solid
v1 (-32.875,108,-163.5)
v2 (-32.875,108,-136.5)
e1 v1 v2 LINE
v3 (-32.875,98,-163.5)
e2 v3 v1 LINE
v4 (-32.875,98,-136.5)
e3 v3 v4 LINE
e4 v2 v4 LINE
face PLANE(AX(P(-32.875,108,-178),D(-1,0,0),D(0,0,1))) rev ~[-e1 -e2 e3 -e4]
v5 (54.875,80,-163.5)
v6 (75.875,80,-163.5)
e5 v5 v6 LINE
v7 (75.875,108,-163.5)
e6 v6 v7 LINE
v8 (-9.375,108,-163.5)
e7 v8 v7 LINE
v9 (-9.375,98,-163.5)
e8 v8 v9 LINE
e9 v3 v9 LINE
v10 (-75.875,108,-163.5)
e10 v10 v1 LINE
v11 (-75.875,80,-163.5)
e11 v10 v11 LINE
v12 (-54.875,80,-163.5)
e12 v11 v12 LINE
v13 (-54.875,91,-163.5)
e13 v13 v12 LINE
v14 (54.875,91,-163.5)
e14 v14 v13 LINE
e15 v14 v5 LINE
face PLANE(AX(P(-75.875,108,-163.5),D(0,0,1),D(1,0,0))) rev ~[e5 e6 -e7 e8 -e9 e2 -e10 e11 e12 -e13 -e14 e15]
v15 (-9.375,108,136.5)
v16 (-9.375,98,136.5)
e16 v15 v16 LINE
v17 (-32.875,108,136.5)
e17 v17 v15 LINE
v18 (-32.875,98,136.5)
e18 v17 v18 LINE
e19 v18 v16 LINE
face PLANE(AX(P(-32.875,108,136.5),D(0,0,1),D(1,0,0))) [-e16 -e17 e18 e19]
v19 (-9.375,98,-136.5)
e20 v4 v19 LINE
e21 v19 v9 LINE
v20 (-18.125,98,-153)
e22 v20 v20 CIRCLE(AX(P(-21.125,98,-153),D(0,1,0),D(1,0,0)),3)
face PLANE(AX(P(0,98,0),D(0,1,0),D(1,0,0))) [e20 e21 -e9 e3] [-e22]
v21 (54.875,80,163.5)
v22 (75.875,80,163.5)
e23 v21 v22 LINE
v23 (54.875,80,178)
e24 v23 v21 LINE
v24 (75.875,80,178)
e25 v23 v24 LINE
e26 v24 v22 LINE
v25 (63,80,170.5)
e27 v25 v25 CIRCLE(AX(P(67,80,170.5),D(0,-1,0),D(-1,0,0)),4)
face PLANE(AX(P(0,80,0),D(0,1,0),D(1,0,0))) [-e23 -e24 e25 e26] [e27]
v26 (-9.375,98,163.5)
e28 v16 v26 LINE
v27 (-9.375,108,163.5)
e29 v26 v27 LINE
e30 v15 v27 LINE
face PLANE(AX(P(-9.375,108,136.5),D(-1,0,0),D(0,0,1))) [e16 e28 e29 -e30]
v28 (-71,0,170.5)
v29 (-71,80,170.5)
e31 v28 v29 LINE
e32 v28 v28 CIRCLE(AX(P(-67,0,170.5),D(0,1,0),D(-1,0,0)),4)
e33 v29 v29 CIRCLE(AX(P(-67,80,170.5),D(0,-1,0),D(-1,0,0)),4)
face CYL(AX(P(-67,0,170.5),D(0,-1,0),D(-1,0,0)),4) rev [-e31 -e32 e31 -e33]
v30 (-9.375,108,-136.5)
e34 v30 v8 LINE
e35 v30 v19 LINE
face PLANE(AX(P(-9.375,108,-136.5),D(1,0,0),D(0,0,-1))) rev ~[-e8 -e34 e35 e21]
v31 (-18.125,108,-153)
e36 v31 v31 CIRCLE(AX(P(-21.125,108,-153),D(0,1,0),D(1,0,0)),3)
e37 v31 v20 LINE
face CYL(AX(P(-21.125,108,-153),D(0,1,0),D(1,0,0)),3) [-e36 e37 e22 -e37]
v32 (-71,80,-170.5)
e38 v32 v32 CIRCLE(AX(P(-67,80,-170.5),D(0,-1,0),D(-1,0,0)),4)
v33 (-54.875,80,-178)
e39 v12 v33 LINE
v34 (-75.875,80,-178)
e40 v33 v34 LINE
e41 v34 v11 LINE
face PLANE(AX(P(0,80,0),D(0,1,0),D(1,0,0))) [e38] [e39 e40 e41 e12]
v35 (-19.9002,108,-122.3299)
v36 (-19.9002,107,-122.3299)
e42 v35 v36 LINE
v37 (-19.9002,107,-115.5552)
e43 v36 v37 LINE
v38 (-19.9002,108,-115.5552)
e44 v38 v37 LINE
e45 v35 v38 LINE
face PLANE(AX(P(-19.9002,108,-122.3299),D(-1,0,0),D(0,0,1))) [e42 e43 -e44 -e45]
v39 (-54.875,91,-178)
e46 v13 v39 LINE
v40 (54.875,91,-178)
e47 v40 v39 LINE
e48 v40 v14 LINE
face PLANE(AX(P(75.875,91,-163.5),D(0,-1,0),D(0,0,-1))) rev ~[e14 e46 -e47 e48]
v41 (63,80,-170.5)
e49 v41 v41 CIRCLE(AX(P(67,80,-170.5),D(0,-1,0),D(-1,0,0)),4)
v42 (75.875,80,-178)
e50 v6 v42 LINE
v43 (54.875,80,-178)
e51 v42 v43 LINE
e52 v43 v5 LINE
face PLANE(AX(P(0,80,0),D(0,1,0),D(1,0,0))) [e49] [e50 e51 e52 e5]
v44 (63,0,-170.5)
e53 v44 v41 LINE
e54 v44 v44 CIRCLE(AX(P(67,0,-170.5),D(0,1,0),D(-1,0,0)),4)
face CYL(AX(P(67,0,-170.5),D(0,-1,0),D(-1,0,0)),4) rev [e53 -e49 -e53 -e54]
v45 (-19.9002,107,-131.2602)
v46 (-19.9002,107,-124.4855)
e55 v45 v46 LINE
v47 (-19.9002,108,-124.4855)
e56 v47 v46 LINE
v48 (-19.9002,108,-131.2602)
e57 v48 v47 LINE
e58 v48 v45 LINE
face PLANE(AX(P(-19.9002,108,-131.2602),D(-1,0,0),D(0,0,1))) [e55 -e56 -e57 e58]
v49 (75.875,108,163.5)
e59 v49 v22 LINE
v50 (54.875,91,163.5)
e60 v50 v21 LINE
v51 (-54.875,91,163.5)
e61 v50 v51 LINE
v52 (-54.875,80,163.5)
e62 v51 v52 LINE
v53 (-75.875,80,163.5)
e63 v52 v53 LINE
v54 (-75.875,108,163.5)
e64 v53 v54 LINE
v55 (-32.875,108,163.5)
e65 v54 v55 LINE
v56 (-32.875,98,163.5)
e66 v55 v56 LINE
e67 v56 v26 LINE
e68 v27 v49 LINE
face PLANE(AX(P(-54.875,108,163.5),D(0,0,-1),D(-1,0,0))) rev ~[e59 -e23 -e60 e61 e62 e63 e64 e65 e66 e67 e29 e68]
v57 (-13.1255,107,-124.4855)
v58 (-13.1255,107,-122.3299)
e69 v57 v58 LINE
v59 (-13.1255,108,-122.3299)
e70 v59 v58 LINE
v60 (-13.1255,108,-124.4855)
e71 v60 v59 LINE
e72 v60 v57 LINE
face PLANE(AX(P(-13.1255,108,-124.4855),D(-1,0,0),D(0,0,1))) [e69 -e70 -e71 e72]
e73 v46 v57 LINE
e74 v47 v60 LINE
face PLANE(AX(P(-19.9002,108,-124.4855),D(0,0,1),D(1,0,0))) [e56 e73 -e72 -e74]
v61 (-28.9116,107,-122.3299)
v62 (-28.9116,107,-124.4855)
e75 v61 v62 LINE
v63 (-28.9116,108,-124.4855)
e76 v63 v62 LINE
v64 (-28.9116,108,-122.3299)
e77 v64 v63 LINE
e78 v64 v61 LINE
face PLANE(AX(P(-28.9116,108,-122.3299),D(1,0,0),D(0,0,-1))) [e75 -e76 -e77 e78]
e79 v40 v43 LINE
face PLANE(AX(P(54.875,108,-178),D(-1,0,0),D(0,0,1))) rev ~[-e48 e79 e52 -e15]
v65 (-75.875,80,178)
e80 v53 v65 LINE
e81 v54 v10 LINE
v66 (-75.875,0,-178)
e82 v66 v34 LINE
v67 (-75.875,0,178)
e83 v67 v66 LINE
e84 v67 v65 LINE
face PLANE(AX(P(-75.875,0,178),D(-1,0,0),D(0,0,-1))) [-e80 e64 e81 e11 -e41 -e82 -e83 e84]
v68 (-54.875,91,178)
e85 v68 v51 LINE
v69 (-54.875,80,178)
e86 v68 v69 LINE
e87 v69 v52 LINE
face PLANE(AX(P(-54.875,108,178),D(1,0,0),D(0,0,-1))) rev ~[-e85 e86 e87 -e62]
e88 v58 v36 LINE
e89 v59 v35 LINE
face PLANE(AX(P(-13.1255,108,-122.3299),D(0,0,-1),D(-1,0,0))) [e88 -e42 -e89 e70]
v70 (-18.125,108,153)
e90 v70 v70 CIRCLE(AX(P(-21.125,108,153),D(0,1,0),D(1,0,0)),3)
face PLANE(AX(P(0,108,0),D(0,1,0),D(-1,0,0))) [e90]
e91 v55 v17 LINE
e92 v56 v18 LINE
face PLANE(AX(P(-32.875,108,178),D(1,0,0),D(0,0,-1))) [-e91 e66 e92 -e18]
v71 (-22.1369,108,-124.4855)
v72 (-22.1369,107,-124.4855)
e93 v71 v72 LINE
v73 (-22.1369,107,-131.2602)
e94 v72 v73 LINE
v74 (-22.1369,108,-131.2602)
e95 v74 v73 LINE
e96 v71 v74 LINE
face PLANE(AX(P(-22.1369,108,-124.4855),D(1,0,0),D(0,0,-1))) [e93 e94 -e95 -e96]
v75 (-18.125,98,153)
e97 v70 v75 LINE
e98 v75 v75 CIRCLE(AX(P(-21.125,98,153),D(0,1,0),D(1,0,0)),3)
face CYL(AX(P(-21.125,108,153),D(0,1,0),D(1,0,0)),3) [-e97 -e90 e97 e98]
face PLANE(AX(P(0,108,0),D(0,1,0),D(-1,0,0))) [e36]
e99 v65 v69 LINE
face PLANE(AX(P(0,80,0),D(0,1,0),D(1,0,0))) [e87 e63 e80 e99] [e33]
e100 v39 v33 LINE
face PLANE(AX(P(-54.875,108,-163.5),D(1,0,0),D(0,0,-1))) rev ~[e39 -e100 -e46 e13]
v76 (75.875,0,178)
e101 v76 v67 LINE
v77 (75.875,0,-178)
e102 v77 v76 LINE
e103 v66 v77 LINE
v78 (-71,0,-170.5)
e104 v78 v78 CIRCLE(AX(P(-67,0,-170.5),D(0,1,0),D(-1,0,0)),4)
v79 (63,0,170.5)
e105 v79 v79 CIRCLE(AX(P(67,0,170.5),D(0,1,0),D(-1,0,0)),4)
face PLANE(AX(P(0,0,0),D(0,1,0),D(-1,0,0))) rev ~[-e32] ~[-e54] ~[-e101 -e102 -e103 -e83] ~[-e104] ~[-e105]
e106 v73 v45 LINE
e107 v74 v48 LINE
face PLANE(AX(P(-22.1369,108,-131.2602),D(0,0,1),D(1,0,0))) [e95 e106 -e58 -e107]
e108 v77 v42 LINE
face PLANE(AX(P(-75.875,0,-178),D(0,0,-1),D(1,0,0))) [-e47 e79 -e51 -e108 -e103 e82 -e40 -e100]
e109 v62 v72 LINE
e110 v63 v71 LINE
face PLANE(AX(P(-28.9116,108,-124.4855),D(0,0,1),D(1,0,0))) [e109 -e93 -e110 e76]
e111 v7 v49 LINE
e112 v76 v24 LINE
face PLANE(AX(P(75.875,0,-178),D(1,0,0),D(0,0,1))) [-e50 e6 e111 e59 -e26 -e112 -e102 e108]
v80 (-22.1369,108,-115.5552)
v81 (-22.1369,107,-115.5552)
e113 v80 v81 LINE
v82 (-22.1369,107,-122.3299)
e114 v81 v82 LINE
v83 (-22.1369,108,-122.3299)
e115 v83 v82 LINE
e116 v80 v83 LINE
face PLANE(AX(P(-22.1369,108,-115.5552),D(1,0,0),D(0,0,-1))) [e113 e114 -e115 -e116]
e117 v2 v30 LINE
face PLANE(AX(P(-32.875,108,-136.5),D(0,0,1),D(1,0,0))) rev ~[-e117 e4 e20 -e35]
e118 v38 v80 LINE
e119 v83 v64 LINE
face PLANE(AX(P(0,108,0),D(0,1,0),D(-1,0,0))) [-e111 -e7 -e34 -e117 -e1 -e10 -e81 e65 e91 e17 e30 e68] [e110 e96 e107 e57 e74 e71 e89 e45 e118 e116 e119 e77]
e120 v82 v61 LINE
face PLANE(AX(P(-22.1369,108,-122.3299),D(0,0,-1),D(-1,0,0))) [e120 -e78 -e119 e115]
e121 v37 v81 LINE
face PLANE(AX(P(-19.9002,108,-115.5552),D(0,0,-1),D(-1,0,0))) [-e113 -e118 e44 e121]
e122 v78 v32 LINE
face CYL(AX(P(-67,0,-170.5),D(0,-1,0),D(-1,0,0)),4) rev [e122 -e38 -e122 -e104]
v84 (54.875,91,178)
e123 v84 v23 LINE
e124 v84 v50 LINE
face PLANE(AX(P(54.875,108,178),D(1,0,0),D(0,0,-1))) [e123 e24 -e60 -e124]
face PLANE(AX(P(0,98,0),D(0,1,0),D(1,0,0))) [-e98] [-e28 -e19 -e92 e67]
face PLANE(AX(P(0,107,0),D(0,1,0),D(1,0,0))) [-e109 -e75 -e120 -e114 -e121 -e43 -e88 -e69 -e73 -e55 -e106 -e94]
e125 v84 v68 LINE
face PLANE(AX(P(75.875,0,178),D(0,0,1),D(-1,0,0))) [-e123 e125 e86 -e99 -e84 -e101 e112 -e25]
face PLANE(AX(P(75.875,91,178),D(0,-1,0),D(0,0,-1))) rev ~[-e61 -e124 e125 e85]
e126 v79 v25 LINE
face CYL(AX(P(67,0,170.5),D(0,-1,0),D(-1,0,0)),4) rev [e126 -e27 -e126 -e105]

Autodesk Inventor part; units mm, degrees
ref_plane "YZ Plane" through (0, 0, 0) normal (1, 0, 0) x (0, 1, 0)
ref_plane "XZ Plane" through (0, 0, 0) normal (0, 1, 0) x (-1, 0, 0)
sketch "Sketch1" plane through (0, 0, 0) normal (0, 1, 0) x (-1, 0, 0)
  line L0 (-75.875, 178) -> (75.875, 178)
  line L1 (75.875, 178) -> (75.875, -178)
  line L2 (75.875, -178) -> (-75.875, -178)
  line L3 (-75.875, -178) -> (-75.875, 178)
  line L4 (-75.875, 178) -> (75.875, -178) construction
  line L5 (75.875, 178) -> (-75.875, -178) construction
  circle A0 centre (67, 170.5) radius 4
  circle A1 centre (-67, 170.5) radius 4
  circle A2 centre (-67, -170.5) radius 4
  circle A3 centre (67, -170.5) radius 4
  line L6 (67, 170.5) -> (-67, 170.5) construction
  line L7 (75.875, 178) -> (67, 170.5) construction
  line L8 (-67, 170.5) -> (-75.875, 178) construction
  line L9 (67, -170.5) -> (67, 170.5) construction
  line L10 (67, -170.5) -> (-67, -170.5) construction
  line L11 (-67, -170.5) -> (-75.875, -178) construction
  line L12 (67, -170.5) -> (75.875, -178) construction
  point P0 (0, 0)
  dimension "d0" = 151.75
  dimension "d1" = 356
  dimension "d11" = 8
  dimension "d12" = 134
  dimension "d13" = 7.5
extrude "Extrusion1" add sketch "Sketch1" along normal blind 108
sketch "Sketch2" plane through (0, 108, 0) normal (0, 1, 0) x (1, 0, 0)
  line L0 (-75.875, -178) -> (75.875, -178) projected
  line L1 (75.875, 178) -> (-75.875, 178) projected
  line L2 (-32.875, 178) -> (-32.875, 136.5)
  line L3 (-32.875, 136.5) -> (-9.375, 136.5)
  line L4 (-9.375, 136.5) -> (-9.375, 178)
  line L5 (-32.875, -178) -> (-32.875, -136.5)
  line L6 (-32.875, -136.5) -> (-9.375, -136.5)
  line L7 (-9.375, -136.5) -> (-9.375, -178)
  circle A0 centre (-21.125, -153) radius 3
  circle A1 centre (-21.125, 153) radius 3
  line L8 (-32.875, 178) -> (-21.125, 153) construction
  line L9 (-21.125, 153) -> (-9.375, 178) construction
  line L10 (-32.875, -178) -> (-21.125, -153) construction
  line L11 (-21.125, -153) -> (-9.375, -178) construction
  point P0 (0, 0)
  dimension "d4" = 43
  dimension "d5" = 23.5
  dimension "d6" = 41.5
  dimension "d19" = 6
  dimension "d20" = 25
extrude "Extrusion2" cut sketch "Sketch2" against normal blind 10
sketch "Sketch3" plane through (0, 108, 0) normal (0, 1, 0) x (1, 0, 0)
  line L0 (-32.875, -178) -> (-32.875, -136.5) projected
  line L1 (-75.875, -178) -> (-32.875, -178) projected
  line L2 (-31.0347, 131.2602) -> (-10.3663, 131.2602) construction
  line L3 (-10.3663, 131.2602) -> (-10.3663, 113.395) construction
  line L4 (-10.3663, 113.395) -> (-31.0347, 113.395) construction
  line L5 (-31.0347, 113.395) -> (-31.0347, 131.2602) construction
  line L6 (-13.1255, 122.3299) -> (-19.9002, 122.3299)
  line L7 (-19.9002, 122.3299) -> (-19.9002, 115.5552)
  line L8 (-19.9002, 115.5552) -> (-22.1369, 115.5552)
  line L9 (-22.1369, 115.5552) -> (-22.1369, 122.3299)
  line L10 (-22.1369, 122.3299) -> (-28.9116, 122.3299)
  line L11 (-28.9116, 122.3299) -> (-28.9116, 124.4855)
  line L12 (-28.9116, 124.4855) -> (-22.1369, 124.4855)
  line L13 (-22.1369, 124.4855) -> (-22.1369, 131.2602)
  line L14 (-22.1369, 131.2602) -> (-19.9002, 131.2602)
  line L15 (-19.9002, 131.2602) -> (-19.9002, 124.4855)
  line L16 (-19.9002, 124.4855) -> (-13.1255, 124.4855)
  line L17 (-13.1255, 124.4855) -> (-13.1255, 122.3299)
  point P0 (0, 0)
  point P1 (-32.875, 178)
  point P2 (-75.875, 178)
  point P3 (-32.875, 136.5)
extrude "Extrusion3" cut sketch "Sketch3" against normal blind 1
ref_plane "Work Plane1" through (0, 80, 0) normal (0, -1, 0) x (1, 0, 0)
sketch "Sketch4" plane through (0, 108, 0) normal (0, 1, 0) x (1, 0, 0)
  line L0 (-75.875, -178) -> (-32.875, -178) projected
  line L1 (-75.875, 178) -> (-75.875, -178) projected
  line L2 (-9.375, -178) -> (75.875, -178) projected
  line L3 (75.875, -178) -> (75.875, 178) projected
  line L4 (75.875, 178) -> (-9.375, 178) projected
  line L5 (-32.875, 178) -> (-75.875, 178) projected
  line L6 (-75.875, 163.5) -> (-54.875, 163.5)
  line L7 (-54.875, 163.5) -> (-54.875, 178)
  line L8 (54.875, 178) -> (54.875, 163.5)
  line L9 (54.875, 163.5) -> (75.875, 163.5)
  line L10 (54.875, -178) -> (54.875, -163.5)
  line L11 (54.875, -163.5) -> (75.875, -163.5)
  line L12 (-54.875, -178) -> (-54.875, -163.5)
  line L13 (-54.875, -163.5) -> (-75.875, -163.5)
  point P0 (0, 0)
  dimension "d14" = 327
  dimension "d15" = 21
extrude "Extrusion4" cut sketch "Sketch4" against normal up to surface (28 mm away)
sketch "Sketch6" plane through (75.875, 0, 178) normal (1, 0, 0) x (0, 0, -1)
  line L0 (0, 80) -> (0, 108) projected
  line L1 (0, 108) -> (14.5, 108) projected
  line L2 (341.5, 108) -> (356, 108) projected
  line L3 (356, 108) -> (356, 80) projected
  line L4 (356, 0) -> (0, 0) construction
  line L5 (341.5, 108) -> (341.5, 80) projected
  line L6 (14.5, 108) -> (14.5, 80) projected
  line L7 (0, 91) -> (14.5, 91)
  line L8 (341.5, 91) -> (356, 91)
  point P0 (178, 0)
  dimension "d24" = 91
extrude "Extrusion6" cut sketch "Sketch6" against normal up to surface (151.75 mm away)
properties part number "47Ah-FoMoCo"
